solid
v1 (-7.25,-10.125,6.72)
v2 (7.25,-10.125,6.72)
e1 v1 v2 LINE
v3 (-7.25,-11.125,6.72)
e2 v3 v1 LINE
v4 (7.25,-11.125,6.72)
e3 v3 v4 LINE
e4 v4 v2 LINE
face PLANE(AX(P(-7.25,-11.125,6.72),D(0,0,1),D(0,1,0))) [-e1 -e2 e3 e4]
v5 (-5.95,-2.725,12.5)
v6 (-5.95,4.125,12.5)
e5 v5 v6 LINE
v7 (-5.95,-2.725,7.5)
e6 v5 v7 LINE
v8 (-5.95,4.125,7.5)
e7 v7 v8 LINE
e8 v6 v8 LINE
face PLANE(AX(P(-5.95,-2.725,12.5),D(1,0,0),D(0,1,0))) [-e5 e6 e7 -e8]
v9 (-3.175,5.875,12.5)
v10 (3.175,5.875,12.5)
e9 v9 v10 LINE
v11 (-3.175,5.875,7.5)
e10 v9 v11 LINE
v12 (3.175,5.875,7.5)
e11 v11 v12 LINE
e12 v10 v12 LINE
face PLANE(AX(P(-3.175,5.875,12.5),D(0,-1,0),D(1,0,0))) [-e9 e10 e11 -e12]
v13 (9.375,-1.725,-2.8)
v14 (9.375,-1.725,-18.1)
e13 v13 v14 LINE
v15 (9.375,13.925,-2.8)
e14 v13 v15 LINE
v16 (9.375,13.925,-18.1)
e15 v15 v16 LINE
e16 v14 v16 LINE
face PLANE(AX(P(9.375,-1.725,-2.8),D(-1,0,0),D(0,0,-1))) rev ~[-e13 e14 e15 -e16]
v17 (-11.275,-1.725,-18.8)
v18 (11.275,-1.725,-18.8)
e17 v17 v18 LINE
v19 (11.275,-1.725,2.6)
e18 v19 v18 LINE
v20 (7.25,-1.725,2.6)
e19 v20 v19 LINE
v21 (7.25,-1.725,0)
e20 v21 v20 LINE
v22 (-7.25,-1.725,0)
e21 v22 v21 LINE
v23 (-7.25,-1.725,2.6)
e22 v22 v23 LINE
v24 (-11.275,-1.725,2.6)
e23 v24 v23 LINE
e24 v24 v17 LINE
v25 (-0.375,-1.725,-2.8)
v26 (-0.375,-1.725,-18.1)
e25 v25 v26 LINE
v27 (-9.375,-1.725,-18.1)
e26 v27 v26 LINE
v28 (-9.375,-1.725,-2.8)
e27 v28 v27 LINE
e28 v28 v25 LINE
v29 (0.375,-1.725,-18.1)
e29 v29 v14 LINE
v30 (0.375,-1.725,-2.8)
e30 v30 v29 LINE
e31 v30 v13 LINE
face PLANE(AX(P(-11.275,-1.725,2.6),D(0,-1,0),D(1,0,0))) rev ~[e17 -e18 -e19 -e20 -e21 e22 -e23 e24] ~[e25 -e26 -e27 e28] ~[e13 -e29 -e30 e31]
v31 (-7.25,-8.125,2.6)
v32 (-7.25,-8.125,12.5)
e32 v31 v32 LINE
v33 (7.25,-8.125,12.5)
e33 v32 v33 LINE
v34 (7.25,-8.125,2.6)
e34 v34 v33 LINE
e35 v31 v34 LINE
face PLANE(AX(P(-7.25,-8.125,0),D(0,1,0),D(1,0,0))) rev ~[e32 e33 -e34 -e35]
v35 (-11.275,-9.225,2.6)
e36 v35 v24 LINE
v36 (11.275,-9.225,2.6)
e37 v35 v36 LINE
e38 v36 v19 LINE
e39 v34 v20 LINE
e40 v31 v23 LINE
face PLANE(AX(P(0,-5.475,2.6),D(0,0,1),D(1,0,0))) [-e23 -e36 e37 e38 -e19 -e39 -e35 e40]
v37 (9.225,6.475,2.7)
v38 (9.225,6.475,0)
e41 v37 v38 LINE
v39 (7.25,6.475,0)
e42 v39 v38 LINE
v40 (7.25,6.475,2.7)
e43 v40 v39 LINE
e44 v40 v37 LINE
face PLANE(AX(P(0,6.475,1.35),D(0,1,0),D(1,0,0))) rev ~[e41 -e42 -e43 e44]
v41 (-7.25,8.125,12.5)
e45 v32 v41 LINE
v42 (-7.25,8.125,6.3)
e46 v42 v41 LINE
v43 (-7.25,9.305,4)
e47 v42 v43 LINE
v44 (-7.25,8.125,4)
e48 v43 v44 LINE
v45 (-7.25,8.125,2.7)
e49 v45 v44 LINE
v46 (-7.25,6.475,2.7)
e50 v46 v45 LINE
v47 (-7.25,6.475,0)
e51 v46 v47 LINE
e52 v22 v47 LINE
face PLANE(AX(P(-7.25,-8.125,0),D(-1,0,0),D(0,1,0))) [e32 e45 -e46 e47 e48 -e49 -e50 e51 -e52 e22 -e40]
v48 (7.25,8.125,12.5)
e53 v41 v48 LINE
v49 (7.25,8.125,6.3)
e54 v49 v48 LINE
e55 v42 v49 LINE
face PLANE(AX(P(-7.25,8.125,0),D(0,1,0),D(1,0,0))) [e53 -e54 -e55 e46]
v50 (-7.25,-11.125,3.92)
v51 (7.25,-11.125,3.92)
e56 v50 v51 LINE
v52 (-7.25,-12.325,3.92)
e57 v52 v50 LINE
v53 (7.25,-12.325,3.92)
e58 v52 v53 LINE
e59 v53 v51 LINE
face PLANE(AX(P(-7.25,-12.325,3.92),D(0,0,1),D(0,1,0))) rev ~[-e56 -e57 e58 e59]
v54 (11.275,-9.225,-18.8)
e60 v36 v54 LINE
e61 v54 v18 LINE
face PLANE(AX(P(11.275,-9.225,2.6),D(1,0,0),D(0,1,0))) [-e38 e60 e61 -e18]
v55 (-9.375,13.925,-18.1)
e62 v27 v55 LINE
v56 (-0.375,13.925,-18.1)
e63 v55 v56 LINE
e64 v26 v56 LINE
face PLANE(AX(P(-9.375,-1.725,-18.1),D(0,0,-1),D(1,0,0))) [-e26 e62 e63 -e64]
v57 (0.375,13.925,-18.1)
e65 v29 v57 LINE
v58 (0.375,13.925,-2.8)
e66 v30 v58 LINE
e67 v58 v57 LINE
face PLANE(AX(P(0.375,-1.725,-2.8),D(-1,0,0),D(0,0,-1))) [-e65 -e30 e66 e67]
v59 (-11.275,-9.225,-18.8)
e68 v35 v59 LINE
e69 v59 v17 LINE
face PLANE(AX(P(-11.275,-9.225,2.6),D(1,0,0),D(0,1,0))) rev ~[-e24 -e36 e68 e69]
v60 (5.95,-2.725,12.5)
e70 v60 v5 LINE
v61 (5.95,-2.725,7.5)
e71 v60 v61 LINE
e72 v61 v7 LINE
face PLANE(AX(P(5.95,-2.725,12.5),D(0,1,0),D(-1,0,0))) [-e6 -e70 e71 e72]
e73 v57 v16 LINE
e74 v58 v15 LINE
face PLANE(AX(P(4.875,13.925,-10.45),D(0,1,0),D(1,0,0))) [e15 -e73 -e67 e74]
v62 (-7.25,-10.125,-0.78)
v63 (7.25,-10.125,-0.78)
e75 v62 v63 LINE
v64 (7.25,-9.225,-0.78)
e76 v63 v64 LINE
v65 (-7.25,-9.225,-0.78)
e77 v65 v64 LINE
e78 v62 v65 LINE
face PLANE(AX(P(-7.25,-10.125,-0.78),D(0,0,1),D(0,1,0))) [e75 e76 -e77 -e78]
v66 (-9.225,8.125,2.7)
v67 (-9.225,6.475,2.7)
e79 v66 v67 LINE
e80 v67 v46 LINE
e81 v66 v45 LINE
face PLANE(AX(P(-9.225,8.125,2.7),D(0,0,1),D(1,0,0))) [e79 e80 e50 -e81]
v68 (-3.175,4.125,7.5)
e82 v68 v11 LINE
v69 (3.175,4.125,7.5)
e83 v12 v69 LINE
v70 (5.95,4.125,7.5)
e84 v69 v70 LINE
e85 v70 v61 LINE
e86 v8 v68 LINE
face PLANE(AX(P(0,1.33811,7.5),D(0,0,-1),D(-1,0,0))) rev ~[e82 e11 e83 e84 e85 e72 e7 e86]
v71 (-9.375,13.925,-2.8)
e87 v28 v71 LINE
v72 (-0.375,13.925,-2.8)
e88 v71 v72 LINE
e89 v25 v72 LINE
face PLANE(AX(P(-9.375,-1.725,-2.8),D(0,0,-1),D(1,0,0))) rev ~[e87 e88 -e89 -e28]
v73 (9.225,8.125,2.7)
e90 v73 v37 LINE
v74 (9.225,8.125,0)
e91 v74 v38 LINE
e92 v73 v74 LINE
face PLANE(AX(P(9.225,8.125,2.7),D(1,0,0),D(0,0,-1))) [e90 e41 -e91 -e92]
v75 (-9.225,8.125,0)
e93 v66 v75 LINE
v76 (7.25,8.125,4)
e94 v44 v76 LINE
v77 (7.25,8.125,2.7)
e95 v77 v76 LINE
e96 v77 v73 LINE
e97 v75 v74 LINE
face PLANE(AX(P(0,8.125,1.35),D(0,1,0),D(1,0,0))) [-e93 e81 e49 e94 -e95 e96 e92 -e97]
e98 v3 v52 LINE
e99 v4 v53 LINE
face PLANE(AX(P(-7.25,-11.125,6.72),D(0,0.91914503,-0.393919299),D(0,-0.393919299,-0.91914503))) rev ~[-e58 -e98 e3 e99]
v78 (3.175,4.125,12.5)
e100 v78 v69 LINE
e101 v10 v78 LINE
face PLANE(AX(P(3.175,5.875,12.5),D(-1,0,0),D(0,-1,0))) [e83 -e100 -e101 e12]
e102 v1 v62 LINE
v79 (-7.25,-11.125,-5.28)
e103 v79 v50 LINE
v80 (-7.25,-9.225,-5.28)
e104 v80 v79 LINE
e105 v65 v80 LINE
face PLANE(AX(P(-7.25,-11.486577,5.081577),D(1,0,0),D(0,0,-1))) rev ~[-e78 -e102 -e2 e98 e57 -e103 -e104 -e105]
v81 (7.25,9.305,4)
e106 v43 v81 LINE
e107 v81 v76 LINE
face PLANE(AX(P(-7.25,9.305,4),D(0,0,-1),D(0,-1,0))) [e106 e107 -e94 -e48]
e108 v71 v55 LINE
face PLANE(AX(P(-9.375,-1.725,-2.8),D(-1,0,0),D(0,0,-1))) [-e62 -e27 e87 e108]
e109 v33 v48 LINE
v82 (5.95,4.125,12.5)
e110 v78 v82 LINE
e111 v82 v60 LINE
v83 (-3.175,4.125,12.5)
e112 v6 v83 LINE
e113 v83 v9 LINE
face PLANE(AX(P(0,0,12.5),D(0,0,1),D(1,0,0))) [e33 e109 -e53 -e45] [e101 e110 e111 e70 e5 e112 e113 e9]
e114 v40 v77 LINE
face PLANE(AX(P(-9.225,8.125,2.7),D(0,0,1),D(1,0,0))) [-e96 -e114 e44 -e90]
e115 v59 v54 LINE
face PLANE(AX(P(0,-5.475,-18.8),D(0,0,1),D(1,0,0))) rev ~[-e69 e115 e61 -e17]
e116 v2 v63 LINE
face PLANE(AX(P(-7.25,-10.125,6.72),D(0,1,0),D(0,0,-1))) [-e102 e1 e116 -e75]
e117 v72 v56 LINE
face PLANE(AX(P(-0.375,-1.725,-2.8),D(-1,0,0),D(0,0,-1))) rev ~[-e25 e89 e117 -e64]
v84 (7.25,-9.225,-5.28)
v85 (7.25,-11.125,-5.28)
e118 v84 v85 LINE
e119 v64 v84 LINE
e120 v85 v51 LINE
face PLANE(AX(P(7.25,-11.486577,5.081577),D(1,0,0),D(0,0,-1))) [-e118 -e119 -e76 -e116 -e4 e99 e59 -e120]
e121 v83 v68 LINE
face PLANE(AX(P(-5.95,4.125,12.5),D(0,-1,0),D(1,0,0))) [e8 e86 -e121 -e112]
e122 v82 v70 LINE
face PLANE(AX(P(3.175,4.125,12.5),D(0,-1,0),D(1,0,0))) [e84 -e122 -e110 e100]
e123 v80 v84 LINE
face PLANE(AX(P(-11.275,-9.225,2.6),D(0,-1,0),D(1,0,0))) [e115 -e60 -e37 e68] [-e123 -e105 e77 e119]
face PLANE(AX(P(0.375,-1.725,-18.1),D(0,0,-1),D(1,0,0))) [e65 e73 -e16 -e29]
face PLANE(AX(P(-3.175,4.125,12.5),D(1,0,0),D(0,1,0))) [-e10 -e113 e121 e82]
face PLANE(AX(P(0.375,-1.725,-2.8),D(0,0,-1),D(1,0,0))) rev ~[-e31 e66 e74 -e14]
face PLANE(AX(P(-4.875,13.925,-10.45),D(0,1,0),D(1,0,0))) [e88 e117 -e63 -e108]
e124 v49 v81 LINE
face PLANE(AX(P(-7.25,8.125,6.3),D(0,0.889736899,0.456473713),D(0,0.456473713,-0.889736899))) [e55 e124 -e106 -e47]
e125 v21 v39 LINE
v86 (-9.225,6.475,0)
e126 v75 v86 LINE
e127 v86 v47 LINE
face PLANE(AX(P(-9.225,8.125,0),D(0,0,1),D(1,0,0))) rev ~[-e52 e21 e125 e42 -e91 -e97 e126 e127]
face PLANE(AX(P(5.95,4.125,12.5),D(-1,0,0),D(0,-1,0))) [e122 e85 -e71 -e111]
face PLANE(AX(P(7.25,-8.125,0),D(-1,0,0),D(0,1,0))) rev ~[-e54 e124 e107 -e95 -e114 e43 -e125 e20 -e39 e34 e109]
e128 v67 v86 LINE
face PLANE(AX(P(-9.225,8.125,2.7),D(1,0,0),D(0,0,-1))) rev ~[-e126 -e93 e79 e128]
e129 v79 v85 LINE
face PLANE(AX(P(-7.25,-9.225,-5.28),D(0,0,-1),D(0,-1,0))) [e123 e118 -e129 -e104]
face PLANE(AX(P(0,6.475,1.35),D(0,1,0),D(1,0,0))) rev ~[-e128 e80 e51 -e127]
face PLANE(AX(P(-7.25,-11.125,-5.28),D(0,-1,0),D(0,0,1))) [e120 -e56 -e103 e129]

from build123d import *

# Parameters (mm, degrees)
ESBO_O1_W                = 14.5
ESBO_O1_H                = 16.25
RESSALTO_EXTRUS_O1_DEPTH = 12.5
RESSALTO_EXTRUS_O2_DEPTH = 14.5
ESBO_O3_W                = 18.45
ESBO_O3_H                = 2.7
RESSALTO_EXTRUS_O3_DEPTH = 1.65
CORTE_EXTRUS_O1_DEPTH    = 5
RESSALTO_EXTRUS_O4_START = -9.9
ESBO_O5_W                = 22.55
ESBO_O5_H                = 7.5
RESSALTO_EXTRUS_O4_DEPTH = 21.4
ESBO_O6_W                = 9
ESBO_O6_H                = 15.3
RESSALTO_EXTRUS_O5_DEPTH = 15.65
RESSALTO_EXTRUS_O6_DEPTH = 14.5
RESSALTO_EXTRUS_O7_DEPTH = 14.5


with BuildPart() as part:
    # Esboço1 → Ressalto-extrusão1 (new body)
    with BuildSketch(Plane.XY):
        Rectangle(ESBO_O1_W, ESBO_O1_H)
    extrude(amount=RESSALTO_EXTRUS_O1_DEPTH)

    # Esboço2 → Ressalto-extrusão2 (add)
    with BuildSketch(Plane.ZY.offset(7.25)):
        Polygon((6.3, 8.125), (4, 9.305), (4, 8.125), align=None)
    extrude(amount=-RESSALTO_EXTRUS_O2_DEPTH)

    # Esboço3 → Ressalto-extrusão3 (add)
    with BuildSketch(Plane(origin=(0, 8.125, 0), x_dir=(1, 0, 0), z_dir=(0, 1, 0))):
        with Locations((0, -1.35)):
            Rectangle(ESBO_O3_W, ESBO_O3_H)
    extrude(amount=-RESSALTO_EXTRUS_O3_DEPTH)

    # Esboço4 → Corte-extrusão1 (cut)
    with BuildSketch(Plane.XY.offset(12.5)):
        Polygon((-5.95, 4.125), (-3.175, 4.125), (-3.175, 5.875), (3.175, 5.875), (3.175, 4.125), (5.95, 4.125), (5.95, -2.725), (-5.95, -2.725), align=None)
    extrude(amount=-CORTE_EXTRUS_O1_DEPTH, mode=Mode.SUBTRACT)

    # Esboço5 → Ressalto-extrusão4 (add)
    with BuildSketch(Plane.XY.offset(12.5).offset(RESSALTO_EXTRUS_O4_START)):
        with Locations((0, -5.475)):
            Rectangle(ESBO_O5_W, ESBO_O5_H)
    extrude(amount=-RESSALTO_EXTRUS_O4_DEPTH)

    # Esboço6 → Ressalto-extrusão5 (add)
    with BuildSketch(Plane(origin=(0, -1.725, 0), x_dir=(1, 0, 0), z_dir=(0, 1, 0))):
        with Locations((-4.875, 10.45)):
            Rectangle(ESBO_O6_W, ESBO_O6_H)
        with Locations((4.875, 10.45)):
            Rectangle(ESBO_O6_W, ESBO_O6_H)
    extrude(amount=RESSALTO_EXTRUS_O5_DEPTH)

    # Esboço7 → Ressalto-extrusão6 (add)
    with BuildSketch(Plane.ZY.offset(7.25)):
        Polygon((-5.28, -9.225), (-5.28, -11.125), (6.72, -11.125), (6.72, -10.125), (-0.78, -10.125), (-0.78, -9.225), align=None)
    extrude(amount=-RESSALTO_EXTRUS_O6_DEPTH)

    # Esboço8 → Ressalto-extrusão7 (add)
    with BuildSketch(Plane.ZY.offset(7.25)):
        Polygon((6.72, -11.125), (3.92, -12.325), (3.92, -11.125), align=None)
    extrude(amount=-RESSALTO_EXTRUS_O7_DEPTH)


solid = part.part
